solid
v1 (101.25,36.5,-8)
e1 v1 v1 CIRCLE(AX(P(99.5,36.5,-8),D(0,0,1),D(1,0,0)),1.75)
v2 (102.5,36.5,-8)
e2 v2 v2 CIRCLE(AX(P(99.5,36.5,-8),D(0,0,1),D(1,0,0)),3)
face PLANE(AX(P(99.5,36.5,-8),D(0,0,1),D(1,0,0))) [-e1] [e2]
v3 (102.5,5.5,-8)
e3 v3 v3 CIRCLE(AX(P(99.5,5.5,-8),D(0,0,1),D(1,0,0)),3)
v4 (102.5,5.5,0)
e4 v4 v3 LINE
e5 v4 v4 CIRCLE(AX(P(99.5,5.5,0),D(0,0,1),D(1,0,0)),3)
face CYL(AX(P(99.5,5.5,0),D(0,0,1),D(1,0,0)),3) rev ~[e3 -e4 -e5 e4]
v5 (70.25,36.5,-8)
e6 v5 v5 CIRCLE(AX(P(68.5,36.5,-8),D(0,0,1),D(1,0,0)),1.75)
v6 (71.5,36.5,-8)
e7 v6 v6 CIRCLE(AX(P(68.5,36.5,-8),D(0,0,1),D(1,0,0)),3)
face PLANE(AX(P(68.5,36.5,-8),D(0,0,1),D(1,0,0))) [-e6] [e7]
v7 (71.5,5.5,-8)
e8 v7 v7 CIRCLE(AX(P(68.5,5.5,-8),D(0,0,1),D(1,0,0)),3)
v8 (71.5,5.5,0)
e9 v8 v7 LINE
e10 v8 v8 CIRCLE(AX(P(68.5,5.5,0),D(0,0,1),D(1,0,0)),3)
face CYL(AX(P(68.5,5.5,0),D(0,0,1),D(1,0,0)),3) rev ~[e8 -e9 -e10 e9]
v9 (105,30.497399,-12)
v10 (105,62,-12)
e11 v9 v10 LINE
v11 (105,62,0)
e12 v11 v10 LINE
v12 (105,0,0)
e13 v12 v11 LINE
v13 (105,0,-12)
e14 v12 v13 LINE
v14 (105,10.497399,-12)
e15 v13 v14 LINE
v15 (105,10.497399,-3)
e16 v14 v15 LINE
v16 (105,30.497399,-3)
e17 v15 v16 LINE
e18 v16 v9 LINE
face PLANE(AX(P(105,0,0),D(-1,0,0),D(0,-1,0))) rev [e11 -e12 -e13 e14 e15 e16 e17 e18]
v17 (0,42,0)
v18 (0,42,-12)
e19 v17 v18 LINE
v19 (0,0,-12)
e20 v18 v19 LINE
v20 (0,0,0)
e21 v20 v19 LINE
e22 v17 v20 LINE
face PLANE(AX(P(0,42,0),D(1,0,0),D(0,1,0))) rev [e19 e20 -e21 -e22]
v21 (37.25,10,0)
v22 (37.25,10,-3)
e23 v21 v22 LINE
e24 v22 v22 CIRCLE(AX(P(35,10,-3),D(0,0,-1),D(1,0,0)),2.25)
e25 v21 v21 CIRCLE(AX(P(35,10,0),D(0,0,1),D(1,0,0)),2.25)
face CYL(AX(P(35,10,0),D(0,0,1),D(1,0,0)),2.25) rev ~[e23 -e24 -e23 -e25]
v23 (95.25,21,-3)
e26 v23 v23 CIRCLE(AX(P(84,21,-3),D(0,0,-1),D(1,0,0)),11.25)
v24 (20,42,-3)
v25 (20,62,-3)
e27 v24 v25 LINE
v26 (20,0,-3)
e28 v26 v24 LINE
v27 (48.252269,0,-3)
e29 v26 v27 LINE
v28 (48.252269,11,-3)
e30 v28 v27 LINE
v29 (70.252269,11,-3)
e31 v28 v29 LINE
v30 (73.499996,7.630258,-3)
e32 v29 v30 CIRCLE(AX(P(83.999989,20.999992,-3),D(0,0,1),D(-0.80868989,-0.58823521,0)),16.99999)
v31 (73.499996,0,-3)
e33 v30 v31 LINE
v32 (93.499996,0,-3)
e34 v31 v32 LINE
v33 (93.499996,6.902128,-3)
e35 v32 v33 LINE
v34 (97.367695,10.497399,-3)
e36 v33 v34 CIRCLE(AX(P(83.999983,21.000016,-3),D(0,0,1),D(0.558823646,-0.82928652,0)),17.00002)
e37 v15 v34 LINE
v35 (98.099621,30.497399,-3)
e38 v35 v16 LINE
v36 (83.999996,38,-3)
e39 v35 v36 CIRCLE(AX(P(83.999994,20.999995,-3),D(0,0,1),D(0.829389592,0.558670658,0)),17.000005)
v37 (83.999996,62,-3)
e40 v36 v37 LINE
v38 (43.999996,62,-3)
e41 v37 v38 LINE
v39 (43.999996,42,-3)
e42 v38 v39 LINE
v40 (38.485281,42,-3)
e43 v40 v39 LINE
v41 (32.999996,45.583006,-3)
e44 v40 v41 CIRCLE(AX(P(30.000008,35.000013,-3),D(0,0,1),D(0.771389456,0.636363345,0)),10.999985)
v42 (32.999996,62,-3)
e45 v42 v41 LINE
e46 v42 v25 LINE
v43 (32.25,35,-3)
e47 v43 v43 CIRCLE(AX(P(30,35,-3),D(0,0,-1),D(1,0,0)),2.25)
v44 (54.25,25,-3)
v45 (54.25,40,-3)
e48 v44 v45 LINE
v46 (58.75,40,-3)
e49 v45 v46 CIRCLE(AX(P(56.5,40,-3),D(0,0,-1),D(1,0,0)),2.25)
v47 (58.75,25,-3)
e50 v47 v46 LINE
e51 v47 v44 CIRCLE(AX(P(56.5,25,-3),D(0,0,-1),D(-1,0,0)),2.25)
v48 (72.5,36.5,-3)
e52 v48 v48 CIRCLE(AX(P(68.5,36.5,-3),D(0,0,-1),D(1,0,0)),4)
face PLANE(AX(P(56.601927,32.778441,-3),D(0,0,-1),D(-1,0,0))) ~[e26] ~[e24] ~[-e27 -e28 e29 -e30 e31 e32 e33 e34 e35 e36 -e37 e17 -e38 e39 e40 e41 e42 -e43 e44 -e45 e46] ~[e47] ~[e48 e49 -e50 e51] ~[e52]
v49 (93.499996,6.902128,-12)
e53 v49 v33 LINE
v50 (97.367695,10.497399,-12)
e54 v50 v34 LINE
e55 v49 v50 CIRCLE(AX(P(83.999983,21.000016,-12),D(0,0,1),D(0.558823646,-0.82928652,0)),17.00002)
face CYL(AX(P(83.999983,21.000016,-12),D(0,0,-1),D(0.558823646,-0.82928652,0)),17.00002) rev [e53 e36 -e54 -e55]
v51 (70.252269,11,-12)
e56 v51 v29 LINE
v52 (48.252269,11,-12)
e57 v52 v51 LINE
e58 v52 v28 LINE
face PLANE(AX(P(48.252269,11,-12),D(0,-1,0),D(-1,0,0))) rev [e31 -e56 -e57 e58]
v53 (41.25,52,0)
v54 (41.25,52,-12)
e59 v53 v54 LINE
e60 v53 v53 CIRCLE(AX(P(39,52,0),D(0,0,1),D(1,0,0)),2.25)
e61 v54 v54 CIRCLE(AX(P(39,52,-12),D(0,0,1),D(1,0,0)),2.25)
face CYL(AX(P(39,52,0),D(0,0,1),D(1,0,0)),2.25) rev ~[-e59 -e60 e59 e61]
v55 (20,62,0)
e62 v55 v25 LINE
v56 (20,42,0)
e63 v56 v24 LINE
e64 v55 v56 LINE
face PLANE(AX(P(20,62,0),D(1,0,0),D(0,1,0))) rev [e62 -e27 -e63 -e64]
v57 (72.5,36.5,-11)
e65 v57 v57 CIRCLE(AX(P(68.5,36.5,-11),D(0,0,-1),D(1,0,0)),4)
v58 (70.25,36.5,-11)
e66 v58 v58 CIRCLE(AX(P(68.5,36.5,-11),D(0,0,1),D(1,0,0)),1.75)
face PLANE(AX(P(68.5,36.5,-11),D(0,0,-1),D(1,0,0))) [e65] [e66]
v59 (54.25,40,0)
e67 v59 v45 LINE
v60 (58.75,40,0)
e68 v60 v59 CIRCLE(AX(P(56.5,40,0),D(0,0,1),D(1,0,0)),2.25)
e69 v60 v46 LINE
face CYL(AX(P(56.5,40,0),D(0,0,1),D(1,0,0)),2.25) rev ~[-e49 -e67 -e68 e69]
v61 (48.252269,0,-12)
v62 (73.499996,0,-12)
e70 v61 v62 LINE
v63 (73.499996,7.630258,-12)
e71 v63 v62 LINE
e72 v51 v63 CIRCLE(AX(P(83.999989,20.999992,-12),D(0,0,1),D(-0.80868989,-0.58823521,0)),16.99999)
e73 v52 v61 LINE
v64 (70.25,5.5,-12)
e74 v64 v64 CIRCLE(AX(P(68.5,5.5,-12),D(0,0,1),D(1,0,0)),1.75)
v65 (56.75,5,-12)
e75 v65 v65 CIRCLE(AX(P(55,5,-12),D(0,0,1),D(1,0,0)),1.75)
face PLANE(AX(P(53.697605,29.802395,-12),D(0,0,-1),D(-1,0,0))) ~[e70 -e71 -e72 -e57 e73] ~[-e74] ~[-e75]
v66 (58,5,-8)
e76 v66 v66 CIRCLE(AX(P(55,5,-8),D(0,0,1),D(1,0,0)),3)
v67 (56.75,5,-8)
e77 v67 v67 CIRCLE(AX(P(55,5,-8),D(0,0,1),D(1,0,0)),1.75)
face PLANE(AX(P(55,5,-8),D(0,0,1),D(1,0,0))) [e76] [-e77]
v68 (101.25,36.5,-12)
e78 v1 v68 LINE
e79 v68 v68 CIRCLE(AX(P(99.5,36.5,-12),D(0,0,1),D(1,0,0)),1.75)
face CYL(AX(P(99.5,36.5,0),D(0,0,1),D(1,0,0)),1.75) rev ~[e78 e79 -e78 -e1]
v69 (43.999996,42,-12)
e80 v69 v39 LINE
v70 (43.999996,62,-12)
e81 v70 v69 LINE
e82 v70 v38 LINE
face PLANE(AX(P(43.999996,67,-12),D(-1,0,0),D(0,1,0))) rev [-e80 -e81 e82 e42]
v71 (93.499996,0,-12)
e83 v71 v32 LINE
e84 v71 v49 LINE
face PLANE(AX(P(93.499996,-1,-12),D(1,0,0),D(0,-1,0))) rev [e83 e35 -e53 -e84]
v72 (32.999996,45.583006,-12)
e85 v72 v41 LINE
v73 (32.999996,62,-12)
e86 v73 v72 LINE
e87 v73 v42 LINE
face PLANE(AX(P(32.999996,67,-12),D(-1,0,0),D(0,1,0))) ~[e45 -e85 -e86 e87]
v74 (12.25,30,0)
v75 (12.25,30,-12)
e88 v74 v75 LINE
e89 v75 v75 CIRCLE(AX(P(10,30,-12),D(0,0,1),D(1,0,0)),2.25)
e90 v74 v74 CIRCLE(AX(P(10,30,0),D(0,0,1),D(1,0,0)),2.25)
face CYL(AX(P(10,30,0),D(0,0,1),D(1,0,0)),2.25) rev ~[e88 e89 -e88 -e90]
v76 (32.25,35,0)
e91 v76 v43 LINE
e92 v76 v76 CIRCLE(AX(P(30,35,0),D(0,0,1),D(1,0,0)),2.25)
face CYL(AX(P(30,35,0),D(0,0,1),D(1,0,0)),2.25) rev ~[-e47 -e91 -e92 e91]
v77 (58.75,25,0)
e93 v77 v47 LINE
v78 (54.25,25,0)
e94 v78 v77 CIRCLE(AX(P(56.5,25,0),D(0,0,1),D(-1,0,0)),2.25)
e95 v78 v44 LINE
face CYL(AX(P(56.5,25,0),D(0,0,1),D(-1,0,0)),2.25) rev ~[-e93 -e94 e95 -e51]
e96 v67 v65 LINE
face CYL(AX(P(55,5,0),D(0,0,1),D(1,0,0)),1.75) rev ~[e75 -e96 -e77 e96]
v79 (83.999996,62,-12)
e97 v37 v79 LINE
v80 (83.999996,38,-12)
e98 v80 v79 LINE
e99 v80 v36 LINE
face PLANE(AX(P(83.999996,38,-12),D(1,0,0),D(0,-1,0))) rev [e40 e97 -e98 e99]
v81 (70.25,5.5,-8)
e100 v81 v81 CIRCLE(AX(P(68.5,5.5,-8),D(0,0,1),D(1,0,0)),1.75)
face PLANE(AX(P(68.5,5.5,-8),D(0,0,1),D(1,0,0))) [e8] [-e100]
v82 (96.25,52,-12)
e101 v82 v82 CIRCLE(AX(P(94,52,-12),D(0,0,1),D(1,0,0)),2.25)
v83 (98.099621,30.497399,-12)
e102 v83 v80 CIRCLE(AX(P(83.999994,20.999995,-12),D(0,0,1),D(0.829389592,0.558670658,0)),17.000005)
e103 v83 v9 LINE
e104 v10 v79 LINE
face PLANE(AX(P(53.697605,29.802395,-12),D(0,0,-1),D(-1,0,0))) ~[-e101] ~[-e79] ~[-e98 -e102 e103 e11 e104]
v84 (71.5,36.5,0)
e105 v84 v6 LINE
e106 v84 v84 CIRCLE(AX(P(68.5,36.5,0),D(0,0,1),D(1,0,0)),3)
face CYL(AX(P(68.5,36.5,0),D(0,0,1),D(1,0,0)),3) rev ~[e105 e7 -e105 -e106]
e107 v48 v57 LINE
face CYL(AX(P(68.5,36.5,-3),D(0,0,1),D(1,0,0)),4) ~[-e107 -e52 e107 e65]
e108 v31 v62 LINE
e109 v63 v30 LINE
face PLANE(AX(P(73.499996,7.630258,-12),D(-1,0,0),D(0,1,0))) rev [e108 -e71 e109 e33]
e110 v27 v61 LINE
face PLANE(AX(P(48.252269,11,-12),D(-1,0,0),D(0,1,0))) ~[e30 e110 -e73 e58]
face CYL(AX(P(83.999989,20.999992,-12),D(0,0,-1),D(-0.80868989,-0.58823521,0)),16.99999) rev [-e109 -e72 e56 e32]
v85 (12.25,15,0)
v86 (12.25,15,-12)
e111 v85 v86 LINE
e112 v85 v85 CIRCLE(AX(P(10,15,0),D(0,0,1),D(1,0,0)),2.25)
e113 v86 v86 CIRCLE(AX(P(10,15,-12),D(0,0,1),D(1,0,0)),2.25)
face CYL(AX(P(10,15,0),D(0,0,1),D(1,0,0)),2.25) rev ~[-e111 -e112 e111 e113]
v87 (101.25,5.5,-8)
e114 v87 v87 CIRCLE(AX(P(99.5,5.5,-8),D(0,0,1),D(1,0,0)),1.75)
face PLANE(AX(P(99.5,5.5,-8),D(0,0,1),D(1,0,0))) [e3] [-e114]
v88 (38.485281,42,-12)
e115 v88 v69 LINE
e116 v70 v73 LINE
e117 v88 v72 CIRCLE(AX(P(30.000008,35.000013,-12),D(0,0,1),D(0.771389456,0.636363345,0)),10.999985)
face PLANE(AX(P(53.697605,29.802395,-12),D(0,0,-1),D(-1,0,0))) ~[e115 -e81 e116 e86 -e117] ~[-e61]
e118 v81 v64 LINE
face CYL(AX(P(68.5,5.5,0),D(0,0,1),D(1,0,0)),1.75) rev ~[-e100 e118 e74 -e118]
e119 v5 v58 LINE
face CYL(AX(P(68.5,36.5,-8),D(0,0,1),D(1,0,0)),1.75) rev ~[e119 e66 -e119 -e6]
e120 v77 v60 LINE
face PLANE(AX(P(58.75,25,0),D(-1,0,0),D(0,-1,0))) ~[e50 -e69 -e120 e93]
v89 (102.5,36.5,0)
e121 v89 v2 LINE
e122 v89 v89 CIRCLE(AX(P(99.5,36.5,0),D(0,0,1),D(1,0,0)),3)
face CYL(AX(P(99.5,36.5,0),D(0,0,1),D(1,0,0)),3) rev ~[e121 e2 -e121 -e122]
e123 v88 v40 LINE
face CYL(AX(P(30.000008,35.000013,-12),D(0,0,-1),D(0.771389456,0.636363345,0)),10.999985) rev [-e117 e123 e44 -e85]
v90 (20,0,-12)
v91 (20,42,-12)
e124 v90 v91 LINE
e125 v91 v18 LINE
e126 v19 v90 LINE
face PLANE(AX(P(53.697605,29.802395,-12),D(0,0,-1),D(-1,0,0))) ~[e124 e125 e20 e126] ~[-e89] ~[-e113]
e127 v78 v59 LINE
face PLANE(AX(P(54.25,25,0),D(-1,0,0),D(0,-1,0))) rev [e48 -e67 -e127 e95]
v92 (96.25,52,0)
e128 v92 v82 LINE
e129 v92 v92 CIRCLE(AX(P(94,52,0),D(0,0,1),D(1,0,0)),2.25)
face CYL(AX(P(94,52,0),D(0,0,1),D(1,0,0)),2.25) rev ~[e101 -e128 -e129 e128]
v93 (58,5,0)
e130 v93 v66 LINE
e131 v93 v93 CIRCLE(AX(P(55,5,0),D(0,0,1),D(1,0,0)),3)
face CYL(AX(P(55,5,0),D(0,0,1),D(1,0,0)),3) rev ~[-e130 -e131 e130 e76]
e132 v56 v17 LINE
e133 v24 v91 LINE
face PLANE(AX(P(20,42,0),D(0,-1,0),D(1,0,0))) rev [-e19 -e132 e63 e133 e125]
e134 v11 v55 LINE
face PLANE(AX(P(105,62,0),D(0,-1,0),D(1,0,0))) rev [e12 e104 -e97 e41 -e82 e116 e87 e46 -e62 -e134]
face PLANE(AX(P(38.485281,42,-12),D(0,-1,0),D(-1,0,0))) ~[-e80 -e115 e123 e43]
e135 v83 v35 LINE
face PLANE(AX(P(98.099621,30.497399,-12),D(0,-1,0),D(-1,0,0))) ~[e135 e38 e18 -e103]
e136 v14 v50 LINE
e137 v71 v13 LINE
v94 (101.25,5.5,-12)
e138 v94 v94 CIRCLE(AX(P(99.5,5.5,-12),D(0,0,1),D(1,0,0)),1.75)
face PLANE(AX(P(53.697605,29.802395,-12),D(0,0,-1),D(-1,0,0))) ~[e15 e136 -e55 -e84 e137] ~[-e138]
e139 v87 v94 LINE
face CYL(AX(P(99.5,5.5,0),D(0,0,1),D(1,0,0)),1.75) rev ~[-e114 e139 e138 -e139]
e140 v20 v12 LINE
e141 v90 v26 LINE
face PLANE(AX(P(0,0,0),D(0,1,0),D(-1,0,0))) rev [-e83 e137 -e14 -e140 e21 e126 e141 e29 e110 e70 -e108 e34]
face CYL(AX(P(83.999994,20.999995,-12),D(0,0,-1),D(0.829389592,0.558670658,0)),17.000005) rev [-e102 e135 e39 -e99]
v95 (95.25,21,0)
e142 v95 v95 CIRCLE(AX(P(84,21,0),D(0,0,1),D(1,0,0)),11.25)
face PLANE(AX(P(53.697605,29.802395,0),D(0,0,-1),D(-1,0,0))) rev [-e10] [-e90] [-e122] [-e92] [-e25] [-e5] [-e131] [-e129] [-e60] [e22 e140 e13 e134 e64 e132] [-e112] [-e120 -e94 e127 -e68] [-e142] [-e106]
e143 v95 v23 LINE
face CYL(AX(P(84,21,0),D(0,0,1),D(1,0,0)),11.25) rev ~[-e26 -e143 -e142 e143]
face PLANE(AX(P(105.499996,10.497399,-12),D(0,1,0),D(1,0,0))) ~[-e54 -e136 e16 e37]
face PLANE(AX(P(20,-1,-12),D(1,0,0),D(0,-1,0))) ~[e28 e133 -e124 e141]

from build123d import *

# Parameters (mm, degrees)
SKETCH_R        = 2.25
SKETCH_R_2      = 11.25
SKETCH_R_3      = 1.75
PAD_DEPTH       = 12
POCKET_DEPTH    = 9
SKETCH002_R     = 4
PAD001_DEPTH    = 8
SKETCH003_R     = 3
POCKET001_DEPTH = 8
SKETCH004_R     = 1.75
POCKET002_DEPTH = 5


with BuildPart() as pocket_belt_path:
    # Sketch → Pad (new body)
    with BuildSketch(Plane.XY):
        Polygon((0, 0), (105, 0), (105, 62), (20, 62), (20, 42), (0, 42), align=None)
        with Locations((35, 10)):
            Circle(SKETCH_R, mode=Mode.SUBTRACT)
        with Locations((30, 35)):
            Circle(SKETCH_R, mode=Mode.SUBTRACT)
        with Locations((84, 21)):
            Circle(SKETCH_R_2, mode=Mode.SUBTRACT)
        with Locations((68.5, 36.5)):
            Circle(SKETCH_R_3, mode=Mode.SUBTRACT)
        with Locations((99.5, 36.5)):
            Circle(SKETCH_R_3, mode=Mode.SUBTRACT)
        with Locations((68.5, 5.5)):
            Circle(SKETCH_R_3, mode=Mode.SUBTRACT)
        with Locations((99.5, 5.5)):
            Circle(SKETCH_R_3, mode=Mode.SUBTRACT)
        with Locations((10, 30)):
            Circle(SKETCH_R, mode=Mode.SUBTRACT)
        with Locations((10, 15)):
            Circle(SKETCH_R, mode=Mode.SUBTRACT)
        with Locations((39, 52)):
            Circle(SKETCH_R, mode=Mode.SUBTRACT)
        with Locations((94, 52)):
            Circle(SKETCH_R, mode=Mode.SUBTRACT)
        with Locations((55, 5)):
            Circle(SKETCH_R_3, mode=Mode.SUBTRACT)
        with BuildLine():
            Line((58.75, 25), (58.75, 40))
            ThreePointArc((58.75, 40), (56.5, 42.25), (54.25, 40))
            Line((54.25, 25), (54.25, 40))
            ThreePointArc((54.25, 25), (56.5, 22.75), (58.75, 25))
        make_face(mode=Mode.SUBTRACT)
    extrude(amount=PAD_DEPTH)

    # Sketch001 → Pocket (cut)
    with BuildSketch(Plane.XY.offset(12)):
        with BuildLine():
            ThreePointArc((38.485281, 42), (36.015595, 44.209377), (32.999996, 45.583006))
            Line((32.999996, 67), (32.999996, 45.583006))
            Line((20, 67), (32.999996, 67))
            Line((20, -1), (20, 67))
            Line((20, -1), (48.252269, -1))
            Line((48.252269, 11), (48.252269, -1))
            Line((48.252269, 11), (70.252269, 11))
            ThreePointArc((70.252269, 11), (71.759618, 9.202833), (73.499996, 7.630258))
            Line((73.499996, 7.630258), (73.499996, -1))
            Line((73.499996, -1), (93.499996, -1))
            Line((93.499996, -1), (93.499996, 6.902128))
            ThreePointArc((93.499996, 6.902128), (95.574295, 8.548671), (97.367695, 10.497399))
            Line((105.499996, 10.497399), (97.367695, 10.497399))
            Line((105.499996, 30.497399), (105.499996, 10.497399))
            Line((98.099621, 30.497399), (105.499996, 30.497399))
            ThreePointArc((98.099621, 30.497399), (91.98574, 36.007594), (83.999996, 38))
            Line((83.999996, 38), (83.999996, 67))
            Line((83.999996, 67), (43.999996, 67))
            Line((43.999996, 67), (43.999996, 42))
            Line((38.485281, 42), (43.999996, 42))
        make_face()
    extrude(amount=-POCKET_DEPTH, mode=Mode.SUBTRACT)


with BuildPart() as pocket002:
    # Part__Mirroring: instance of Pocket belt path
    add(pocket_belt_path.part.mirror(Plane(origin=(0, 0, 0), x_dir=(0, 1, 0), z_dir=(0, 0, 1))))

    # Sketch002 → Pad001 (new body)
    with BuildSketch(Plane(origin=(0, 0, -3), x_dir=(1, 0, 0), z_dir=(0, 0, -1))):
        with Locations((68.5, -36.5)):
            Circle(SKETCH002_R)
    extrude(amount=PAD001_DEPTH)

    # Sketch003 → Pocket001 (cut)
    with BuildSketch(Plane.XY):
        with Locations((55, 5)):
            Circle(SKETCH003_R)
        with Locations((68.5, 36.5)):
            Circle(SKETCH003_R)
        with Locations((68.5, 5.5)):
            Circle(SKETCH003_R)
        with Locations((99.5, 36.5)):
            Circle(SKETCH003_R)
        with Locations((99.5, 5.5)):
            Circle(SKETCH003_R)
    extrude(amount=-POCKET001_DEPTH, mode=Mode.SUBTRACT)

    # Sketch004 → Pocket002 (cut)
    with BuildSketch(Plane.XY.offset(-8)):
        with Locations((68.5, 36.5)):
            Circle(SKETCH004_R)
    extrude(amount=-POCKET002_DEPTH, mode=Mode.SUBTRACT)


solid = pocket002.part
